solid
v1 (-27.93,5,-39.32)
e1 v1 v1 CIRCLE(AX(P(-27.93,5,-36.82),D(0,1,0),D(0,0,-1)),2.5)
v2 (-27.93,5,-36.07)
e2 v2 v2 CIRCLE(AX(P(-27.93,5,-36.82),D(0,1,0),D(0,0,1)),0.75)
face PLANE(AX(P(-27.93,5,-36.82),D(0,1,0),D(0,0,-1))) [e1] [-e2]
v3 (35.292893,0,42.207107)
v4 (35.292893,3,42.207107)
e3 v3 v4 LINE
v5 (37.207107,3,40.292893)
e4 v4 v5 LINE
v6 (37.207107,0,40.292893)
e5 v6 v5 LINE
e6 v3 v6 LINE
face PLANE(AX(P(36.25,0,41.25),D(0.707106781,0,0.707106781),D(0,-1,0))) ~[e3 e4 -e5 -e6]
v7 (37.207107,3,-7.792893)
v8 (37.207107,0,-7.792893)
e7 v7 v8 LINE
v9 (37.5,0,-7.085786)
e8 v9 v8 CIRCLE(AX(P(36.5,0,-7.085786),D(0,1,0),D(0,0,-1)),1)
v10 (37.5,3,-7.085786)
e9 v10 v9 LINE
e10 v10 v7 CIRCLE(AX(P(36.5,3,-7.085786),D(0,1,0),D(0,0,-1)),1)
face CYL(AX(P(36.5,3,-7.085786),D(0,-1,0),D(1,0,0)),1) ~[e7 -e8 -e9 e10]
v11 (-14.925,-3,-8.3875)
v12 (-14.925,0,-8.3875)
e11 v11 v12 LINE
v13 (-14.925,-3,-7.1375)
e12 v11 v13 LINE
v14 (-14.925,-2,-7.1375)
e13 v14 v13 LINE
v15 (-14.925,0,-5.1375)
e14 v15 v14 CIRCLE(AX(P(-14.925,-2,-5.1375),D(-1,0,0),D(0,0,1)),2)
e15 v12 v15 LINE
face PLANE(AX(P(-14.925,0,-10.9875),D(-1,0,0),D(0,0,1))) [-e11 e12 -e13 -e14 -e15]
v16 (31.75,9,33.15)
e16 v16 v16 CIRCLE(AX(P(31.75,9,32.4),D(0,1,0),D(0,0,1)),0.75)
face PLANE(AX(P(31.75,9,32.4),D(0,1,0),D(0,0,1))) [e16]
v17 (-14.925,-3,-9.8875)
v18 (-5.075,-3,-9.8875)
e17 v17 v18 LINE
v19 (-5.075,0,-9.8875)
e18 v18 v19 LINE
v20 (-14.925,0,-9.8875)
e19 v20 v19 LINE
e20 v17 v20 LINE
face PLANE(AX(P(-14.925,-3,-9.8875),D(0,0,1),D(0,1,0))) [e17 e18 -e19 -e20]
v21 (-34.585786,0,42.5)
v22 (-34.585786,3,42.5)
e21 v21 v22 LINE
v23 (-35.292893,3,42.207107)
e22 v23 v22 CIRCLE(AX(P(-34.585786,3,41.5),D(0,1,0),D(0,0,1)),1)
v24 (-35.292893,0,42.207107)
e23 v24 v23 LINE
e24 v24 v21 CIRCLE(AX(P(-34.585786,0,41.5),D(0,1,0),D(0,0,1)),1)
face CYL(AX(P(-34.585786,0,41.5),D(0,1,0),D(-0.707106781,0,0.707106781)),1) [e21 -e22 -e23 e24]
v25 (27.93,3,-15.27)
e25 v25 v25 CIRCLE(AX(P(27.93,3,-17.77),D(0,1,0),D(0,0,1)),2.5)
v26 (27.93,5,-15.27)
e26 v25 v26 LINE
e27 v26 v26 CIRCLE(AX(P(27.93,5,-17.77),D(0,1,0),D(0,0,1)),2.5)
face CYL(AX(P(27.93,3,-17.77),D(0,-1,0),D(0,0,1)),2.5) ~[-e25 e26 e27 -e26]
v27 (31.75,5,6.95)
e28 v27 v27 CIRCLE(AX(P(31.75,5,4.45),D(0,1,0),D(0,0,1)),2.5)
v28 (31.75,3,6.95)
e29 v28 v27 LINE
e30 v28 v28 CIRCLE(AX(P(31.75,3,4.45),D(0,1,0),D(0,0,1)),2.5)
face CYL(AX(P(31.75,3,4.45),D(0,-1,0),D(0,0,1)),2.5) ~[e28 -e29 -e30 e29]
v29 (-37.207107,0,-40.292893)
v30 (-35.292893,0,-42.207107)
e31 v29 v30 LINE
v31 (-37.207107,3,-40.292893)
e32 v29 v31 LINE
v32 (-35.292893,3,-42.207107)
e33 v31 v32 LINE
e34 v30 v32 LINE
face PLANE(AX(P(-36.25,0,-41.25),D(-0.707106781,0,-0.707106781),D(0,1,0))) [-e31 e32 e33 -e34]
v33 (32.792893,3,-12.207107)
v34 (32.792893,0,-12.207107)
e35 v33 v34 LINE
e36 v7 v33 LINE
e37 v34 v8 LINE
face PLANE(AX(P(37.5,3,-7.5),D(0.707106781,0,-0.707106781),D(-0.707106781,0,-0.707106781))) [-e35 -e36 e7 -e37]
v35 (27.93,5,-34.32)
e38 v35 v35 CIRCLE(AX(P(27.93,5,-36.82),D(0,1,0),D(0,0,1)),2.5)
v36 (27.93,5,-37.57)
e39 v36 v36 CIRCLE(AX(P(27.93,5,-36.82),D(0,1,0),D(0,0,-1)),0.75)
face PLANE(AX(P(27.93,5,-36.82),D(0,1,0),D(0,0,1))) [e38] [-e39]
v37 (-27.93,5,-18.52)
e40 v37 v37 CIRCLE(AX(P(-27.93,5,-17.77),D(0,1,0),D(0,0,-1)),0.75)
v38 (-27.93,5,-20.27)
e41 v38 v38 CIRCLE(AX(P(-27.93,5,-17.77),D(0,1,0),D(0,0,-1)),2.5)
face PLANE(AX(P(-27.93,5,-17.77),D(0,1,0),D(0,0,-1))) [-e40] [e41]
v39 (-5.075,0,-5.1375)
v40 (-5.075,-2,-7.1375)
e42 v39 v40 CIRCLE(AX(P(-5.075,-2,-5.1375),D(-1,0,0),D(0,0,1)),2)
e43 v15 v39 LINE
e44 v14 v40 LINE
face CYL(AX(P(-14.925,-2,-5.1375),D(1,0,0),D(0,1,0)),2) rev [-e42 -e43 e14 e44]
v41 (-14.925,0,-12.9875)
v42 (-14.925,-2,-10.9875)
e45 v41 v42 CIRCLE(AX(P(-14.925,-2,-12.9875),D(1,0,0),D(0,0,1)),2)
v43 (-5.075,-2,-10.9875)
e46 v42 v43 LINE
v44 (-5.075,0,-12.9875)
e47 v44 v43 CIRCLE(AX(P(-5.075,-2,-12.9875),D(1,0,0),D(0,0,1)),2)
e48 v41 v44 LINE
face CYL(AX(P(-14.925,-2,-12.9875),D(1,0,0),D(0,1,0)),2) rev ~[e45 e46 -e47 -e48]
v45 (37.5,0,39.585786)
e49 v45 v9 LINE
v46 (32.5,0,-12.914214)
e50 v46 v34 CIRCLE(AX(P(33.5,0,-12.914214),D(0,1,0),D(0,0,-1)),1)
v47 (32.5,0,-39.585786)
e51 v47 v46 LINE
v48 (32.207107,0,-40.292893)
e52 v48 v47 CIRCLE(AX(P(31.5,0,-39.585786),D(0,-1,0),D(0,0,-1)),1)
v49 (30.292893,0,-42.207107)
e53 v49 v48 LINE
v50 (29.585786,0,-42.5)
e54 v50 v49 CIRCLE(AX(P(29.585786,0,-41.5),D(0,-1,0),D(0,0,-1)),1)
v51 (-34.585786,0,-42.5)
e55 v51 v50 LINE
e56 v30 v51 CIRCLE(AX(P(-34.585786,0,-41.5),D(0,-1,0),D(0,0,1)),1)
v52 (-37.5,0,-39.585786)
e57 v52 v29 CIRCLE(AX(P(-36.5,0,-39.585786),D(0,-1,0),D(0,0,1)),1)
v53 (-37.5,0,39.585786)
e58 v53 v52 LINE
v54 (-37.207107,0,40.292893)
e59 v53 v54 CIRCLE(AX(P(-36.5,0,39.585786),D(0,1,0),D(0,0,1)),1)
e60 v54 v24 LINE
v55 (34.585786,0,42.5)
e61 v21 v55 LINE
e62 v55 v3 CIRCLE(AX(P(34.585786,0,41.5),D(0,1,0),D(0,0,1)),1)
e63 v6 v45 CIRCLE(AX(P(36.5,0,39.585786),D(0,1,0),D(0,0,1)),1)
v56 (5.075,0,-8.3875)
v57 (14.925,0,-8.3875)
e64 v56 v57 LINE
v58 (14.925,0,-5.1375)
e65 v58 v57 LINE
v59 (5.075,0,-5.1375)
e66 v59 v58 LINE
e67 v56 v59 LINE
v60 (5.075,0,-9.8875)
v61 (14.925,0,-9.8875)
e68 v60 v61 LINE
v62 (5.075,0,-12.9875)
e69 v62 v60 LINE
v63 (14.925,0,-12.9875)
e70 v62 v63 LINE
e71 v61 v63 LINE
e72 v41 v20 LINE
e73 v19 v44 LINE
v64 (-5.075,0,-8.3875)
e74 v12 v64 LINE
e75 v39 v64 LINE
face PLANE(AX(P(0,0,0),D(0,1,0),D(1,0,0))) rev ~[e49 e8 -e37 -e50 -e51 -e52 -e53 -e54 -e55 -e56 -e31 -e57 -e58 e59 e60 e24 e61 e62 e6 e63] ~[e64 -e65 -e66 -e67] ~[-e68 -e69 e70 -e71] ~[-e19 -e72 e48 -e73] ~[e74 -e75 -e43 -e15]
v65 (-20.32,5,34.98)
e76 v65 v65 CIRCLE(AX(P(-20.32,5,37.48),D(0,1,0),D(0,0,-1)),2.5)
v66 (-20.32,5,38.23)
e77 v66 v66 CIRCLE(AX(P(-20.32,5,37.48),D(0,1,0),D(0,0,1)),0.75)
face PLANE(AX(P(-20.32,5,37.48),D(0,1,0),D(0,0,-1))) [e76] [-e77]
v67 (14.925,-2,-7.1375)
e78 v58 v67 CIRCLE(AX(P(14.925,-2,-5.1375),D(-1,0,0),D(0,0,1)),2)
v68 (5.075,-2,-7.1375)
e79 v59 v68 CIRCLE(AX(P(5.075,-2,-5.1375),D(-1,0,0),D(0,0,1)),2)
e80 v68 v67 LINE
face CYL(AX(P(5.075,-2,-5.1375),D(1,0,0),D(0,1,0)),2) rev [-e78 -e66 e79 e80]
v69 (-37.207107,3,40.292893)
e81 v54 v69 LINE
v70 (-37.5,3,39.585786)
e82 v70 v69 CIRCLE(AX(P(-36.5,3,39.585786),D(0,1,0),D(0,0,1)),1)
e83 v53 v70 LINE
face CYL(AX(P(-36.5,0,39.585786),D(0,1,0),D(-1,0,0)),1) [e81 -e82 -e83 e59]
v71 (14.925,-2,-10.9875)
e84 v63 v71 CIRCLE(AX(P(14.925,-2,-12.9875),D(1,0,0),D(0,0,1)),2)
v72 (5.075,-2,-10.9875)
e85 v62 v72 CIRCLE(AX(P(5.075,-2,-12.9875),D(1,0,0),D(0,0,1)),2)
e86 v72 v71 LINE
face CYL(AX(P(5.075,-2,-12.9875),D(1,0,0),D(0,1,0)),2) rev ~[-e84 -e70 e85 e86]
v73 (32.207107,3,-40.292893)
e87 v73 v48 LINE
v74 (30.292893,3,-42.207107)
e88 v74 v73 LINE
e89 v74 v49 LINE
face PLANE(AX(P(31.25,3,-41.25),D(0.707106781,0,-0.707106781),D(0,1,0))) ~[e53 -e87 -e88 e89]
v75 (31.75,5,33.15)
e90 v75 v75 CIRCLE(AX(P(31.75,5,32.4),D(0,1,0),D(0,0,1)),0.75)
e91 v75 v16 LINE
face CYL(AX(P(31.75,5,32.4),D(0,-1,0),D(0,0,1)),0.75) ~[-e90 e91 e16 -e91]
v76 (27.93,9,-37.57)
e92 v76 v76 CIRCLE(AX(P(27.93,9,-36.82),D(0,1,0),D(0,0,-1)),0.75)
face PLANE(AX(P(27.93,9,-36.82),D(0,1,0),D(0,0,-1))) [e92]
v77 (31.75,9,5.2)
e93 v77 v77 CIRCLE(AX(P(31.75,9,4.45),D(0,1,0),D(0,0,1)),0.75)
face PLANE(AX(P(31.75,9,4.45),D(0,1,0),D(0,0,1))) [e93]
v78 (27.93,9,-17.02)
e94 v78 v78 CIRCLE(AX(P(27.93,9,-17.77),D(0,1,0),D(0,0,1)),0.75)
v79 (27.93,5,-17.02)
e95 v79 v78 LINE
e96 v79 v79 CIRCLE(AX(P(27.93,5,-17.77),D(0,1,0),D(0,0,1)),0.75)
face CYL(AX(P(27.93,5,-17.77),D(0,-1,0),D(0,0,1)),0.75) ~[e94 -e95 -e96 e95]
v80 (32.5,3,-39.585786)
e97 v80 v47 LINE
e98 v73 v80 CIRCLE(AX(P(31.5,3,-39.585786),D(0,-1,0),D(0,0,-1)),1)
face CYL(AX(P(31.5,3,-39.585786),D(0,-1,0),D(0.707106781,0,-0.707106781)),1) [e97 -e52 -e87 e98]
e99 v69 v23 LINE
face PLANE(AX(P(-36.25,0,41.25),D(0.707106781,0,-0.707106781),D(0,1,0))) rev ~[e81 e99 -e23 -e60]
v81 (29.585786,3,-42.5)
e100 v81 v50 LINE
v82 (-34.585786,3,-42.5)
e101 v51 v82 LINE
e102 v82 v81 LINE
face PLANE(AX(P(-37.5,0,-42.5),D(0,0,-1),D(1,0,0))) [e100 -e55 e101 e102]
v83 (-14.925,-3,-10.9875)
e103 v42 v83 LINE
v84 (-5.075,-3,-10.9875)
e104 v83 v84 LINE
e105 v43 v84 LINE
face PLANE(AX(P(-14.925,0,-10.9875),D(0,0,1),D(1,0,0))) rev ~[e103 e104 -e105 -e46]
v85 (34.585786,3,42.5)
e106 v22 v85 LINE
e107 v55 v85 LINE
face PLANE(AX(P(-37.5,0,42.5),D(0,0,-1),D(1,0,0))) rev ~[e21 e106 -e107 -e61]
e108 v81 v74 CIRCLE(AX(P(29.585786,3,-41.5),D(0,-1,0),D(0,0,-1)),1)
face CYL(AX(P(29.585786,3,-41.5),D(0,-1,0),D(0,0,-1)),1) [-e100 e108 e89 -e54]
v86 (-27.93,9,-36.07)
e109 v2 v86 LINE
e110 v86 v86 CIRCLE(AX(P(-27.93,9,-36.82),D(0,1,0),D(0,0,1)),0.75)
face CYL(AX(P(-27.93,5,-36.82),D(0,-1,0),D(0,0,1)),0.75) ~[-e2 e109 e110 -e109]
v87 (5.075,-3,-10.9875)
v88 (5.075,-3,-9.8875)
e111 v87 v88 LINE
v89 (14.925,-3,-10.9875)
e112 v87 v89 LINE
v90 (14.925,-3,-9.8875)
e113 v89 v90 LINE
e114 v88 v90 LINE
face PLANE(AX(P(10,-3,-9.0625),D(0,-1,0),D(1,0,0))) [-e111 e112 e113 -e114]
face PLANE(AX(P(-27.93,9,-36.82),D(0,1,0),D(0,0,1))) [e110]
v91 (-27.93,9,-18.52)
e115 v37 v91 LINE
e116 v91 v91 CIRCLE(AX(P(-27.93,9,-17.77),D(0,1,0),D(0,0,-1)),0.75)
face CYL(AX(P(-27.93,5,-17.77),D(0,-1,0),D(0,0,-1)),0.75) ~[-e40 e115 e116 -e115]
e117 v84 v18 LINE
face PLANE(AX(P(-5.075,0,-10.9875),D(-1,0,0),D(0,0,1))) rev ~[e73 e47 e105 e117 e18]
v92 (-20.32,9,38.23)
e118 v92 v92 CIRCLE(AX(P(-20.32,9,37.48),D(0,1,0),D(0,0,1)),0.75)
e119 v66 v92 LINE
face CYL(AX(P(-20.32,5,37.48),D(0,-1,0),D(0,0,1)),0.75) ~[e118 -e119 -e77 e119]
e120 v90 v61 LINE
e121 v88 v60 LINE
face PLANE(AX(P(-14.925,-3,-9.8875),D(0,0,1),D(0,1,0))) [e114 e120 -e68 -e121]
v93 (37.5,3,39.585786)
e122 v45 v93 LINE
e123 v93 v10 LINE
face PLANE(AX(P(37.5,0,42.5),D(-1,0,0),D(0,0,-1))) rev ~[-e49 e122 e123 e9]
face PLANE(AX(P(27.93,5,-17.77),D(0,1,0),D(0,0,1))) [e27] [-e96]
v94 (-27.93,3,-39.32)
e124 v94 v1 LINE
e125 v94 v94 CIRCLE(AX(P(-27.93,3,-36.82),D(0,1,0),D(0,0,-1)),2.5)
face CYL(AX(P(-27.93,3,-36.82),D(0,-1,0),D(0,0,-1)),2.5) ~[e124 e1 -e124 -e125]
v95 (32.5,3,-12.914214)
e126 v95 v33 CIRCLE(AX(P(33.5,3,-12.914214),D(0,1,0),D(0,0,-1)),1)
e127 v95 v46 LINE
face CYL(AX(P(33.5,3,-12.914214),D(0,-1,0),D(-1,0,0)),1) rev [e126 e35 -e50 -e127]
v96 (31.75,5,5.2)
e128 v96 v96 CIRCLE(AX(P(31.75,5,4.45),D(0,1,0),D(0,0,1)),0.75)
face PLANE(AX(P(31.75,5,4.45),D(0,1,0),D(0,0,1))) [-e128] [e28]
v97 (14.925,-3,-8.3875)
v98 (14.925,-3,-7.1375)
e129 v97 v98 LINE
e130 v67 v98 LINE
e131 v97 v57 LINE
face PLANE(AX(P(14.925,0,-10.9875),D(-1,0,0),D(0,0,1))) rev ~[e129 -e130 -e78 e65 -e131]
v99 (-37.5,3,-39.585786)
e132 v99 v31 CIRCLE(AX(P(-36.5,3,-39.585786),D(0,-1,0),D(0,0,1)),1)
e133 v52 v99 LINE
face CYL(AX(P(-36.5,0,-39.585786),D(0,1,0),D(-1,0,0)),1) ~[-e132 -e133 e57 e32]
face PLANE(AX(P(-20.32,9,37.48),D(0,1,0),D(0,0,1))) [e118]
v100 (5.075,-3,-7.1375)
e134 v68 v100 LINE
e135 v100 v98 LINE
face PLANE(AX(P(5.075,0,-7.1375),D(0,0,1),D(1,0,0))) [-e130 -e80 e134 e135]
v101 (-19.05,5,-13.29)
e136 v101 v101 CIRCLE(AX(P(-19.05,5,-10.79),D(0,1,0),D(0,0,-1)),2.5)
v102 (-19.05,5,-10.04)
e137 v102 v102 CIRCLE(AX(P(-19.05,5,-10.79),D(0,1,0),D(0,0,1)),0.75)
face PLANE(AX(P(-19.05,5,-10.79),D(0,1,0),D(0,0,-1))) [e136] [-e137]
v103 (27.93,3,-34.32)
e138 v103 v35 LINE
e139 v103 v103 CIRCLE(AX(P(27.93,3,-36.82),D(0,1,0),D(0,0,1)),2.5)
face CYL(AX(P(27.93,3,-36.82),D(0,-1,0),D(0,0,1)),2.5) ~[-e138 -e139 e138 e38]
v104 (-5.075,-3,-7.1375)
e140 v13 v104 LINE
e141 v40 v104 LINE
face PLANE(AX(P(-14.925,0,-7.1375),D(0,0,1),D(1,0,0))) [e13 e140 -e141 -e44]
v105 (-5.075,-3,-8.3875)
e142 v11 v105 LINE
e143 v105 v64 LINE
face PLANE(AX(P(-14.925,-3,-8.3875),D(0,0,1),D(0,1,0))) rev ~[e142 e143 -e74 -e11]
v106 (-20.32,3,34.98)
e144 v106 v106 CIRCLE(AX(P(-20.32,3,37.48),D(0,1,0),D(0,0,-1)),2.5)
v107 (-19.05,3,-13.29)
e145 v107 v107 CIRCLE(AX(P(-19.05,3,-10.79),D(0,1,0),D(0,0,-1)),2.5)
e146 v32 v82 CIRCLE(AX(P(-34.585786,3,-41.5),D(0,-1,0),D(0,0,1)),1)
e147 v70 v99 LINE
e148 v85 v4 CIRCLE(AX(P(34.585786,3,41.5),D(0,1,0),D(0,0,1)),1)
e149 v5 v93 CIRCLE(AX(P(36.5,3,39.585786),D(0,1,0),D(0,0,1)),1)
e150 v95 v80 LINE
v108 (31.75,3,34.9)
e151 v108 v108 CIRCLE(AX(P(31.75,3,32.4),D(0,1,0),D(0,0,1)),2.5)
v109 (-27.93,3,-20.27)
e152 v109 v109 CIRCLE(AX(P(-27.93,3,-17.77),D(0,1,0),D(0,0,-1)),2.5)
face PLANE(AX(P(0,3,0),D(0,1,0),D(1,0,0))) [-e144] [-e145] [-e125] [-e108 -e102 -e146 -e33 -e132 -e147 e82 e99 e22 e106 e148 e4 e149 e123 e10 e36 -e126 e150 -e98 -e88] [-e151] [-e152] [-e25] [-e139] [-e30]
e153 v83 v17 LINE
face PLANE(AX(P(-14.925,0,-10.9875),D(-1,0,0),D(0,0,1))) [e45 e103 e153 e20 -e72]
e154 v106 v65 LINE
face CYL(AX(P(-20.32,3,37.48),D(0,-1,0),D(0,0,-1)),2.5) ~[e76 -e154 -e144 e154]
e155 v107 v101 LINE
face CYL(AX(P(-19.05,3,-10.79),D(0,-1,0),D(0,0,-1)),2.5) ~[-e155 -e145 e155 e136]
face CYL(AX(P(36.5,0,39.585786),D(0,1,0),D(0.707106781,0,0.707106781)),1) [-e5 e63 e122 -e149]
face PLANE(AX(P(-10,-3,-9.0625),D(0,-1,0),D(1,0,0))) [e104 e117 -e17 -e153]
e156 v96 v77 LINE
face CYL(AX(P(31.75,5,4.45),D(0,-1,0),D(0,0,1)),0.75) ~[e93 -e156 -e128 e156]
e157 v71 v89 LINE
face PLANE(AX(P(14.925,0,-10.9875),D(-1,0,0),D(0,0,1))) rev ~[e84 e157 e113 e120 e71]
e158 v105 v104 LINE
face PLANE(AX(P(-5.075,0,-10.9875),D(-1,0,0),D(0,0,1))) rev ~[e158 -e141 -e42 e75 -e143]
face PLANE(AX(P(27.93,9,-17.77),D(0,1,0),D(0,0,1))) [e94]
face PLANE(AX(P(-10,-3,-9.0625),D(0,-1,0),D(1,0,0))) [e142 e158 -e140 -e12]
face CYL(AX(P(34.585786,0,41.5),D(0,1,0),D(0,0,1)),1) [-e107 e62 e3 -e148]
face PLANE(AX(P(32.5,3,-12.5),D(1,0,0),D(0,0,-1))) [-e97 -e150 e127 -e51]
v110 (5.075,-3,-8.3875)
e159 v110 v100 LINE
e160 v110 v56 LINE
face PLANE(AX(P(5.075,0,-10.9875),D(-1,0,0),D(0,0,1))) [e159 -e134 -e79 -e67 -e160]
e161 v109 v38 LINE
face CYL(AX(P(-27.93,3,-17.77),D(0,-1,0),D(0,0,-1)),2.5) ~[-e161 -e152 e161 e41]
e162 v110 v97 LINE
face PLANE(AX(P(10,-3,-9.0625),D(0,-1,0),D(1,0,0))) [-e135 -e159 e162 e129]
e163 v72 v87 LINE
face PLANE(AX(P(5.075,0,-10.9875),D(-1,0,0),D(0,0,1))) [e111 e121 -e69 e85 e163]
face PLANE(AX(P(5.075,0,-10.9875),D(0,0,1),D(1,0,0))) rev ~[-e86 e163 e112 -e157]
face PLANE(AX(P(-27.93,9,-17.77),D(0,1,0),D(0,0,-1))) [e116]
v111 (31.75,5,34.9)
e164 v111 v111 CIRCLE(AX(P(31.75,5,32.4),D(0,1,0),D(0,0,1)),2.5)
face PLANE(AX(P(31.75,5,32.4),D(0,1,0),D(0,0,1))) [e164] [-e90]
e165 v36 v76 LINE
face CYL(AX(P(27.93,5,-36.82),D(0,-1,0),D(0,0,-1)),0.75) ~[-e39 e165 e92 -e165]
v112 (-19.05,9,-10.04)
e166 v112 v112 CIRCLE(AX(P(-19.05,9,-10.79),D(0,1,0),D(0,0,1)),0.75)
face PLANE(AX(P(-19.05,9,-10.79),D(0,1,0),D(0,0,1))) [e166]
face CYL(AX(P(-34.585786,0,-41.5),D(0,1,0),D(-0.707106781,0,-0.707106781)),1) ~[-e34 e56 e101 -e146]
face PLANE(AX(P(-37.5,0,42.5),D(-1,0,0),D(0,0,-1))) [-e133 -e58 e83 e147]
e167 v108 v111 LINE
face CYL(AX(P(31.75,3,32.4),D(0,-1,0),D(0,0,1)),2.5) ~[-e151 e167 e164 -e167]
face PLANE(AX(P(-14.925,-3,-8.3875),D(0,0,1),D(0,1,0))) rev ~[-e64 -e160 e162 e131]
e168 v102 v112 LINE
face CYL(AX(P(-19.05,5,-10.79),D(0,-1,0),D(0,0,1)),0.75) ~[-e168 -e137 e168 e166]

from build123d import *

# Parameters (mm, degrees)
SKETCH1_W           = 75
SKETCH1_H           = 85
BOSS_EXTRUDE1_DEPTH = 3
SKETCH2_R           = 2.5
BOSS_EXTRUDE2_DEPTH = 2
SKETCH3_R           = 0.75
BOSS_EXTRUDE3_DEPTH = 4
CUT_EXTRUDE1_REACH  = 58.996
CHAMFER3_SIZE       = 2.5
FILLET2_R           = 1
SKETCH5_W           = 9.85
SKETCH5_H           = 3.85
BOSS_EXTRUDE4_DEPTH = 3
FILLET3_R           = 2
SKETCH6_W           = 1.5
SKETCH6_H           = 3
CUT_EXTRUDE2_DEPTH  = 69.085465593


with BuildPart() as part:
    # Sketch1 → Boss-Extrude1 (new body)
    with BuildSketch(Plane(origin=(0, 0, 0), x_dir=(1, 0, 0), z_dir=(0, 1, 0))):
        Rectangle(SKETCH1_W, SKETCH1_H)
    extrude(amount=BOSS_EXTRUDE1_DEPTH)

    # Sketch2 → Boss-Extrude2 (add)
    with BuildSketch(Plane(origin=(0, 3, 0), x_dir=(1, 0, 0), z_dir=(0, 1, 0))):
        with Locations(Location((27.93, 36.82, 0), (0, 0, 270))):
            Circle(SKETCH2_R)
        with Locations(Location((27.93, 17.77, 0), (0, 0, 270))):
            Circle(SKETCH2_R)
        with Locations(Location((-27.93, 17.77, 0), (0, 0, 90))):
            Circle(SKETCH2_R)
        with Locations(Location((-27.93, 36.82, 0), (0, 0, 90))):
            Circle(SKETCH2_R)
        with Locations(Location((-19.05, 10.79, 0), (0, 0, 90))):
            Circle(SKETCH2_R)
        with Locations(Location((-20.32, -37.48, 0), (0, 0, 90))):
            Circle(SKETCH2_R)
        with Locations(Location((31.75, -4.45, 0), (0, 0, 270))):
            Circle(SKETCH2_R)
        with Locations(Location((31.75, -32.4, 0), (0, 0, 270))):
            Circle(SKETCH2_R)
    extrude(amount=BOSS_EXTRUDE2_DEPTH)

    # Sketch3 → Boss-Extrude3 (add)
    with BuildSketch(Plane(origin=(0, 5, 0), x_dir=(1, 0, 0), z_dir=(0, 1, 0))):
        with Locations(Location((-27.93, 36.82, 0), (0, 0, 270))):
            Circle(SKETCH3_R)
        with Locations(Location((27.93, 36.82, 0), (0, 0, 90))):
            Circle(SKETCH3_R)
        with Locations(Location((27.93, 17.77, 0), (0, 0, 270))):
            Circle(SKETCH3_R)
        with Locations(Location((-27.93, 17.77, 0), (0, 0, 90))):
            Circle(SKETCH3_R)
        with Locations(Location((-19.05, 10.79, 0), (0, 0, 270))):
            Circle(SKETCH3_R)
        with Locations(Location((31.75, -4.45, 0), (0, 0, 270))):
            Circle(SKETCH3_R)
        with Locations(Location((-20.32, -37.48, 0), (0, 0, 270))):
            Circle(SKETCH3_R)
        with Locations(Location((31.75, -32.4, 0), (0, 0, 270))):
            Circle(SKETCH3_R)
    extrude(amount=BOSS_EXTRUDE3_DEPTH)

    # Sketch4 → Cut-Extrude1 (cut, up to next)
    with BuildSketch(Plane(origin=(0, 3, 0), x_dir=(1, 0, 0), z_dir=(0, 1, 0)), mode=Mode.PRIVATE) as cut_extrude1_sk1:
        Polygon((37.5, 7.5), (32.5, 12.5), (32.5, 42.5), (37.5, 42.5), align=None)
    cut_extrude1_tool1 = extrude(cut_extrude1_sk1.sketch, amount=-CUT_EXTRUDE1_REACH, mode=Mode.PRIVATE) & part.part
    add(cut_extrude1_tool1.solids().sort_by_distance((35.064103, 3, -26.217949))[0], mode=Mode.SUBTRACT)

    # Chamfer3
    chamfer3_edges = [part.edges().sort_by_distance(p)[0] for p in [
        (37.5, 1.5, 42.5),
        (-37.5, 1.5, 42.5),
        (-37.5, 1.5, -42.5),
        (32.5, 1.5, -42.5),
    ]]
    chamfer(chamfer3_edges, length=CHAMFER3_SIZE)

    # Fillet2
    fillet2_edges = [part.edges().sort_by_distance(p)[0] for p in [
        (-37.5, 1.5, -40),
        (-37.5, 1.5, 40),
        (37.5, 1.5, 40),
        (32.5, 1.5, -40),
        (-35, 1.5, -42.5),
        (30, 1.5, -42.5),
        (37.5, 1.5, -7.5),
        (32.5, 1.5, -12.5),
        (35, 1.5, 42.5),
        (-35, 1.5, 42.5),
    ]]
    fillet(fillet2_edges, radius=FILLET2_R)

    # Sketch5 → Boss-Extrude4 (add)
    with BuildSketch(Plane.XZ):
        with Locations((10, -9.0625)):
            Rectangle(SKETCH5_W, SKETCH5_H)
        with Locations((-10, -9.0625)):
            Rectangle(SKETCH5_W, SKETCH5_H)
    extrude(amount=BOSS_EXTRUDE4_DEPTH)

    # Fillet3
    fillet3_edges = [part.edges().sort_by_distance(p)[0] for p in [
        (10, 0, -7.1375),
        (10, 0, -10.9875),
        (-10, 0, -10.9875),
        (-10, 0, -7.1375),
    ]]
    fillet(fillet3_edges, radius=FILLET3_R)

    # Sketch6 → Cut-Extrude2 (cut, through all)
    with BuildSketch(Plane.ZY.offset(14.925)):
        with Locations((-9.1375, -1.5)):
            Rectangle(SKETCH6_W, SKETCH6_H)
    extrude(amount=-CUT_EXTRUDE2_DEPTH, mode=Mode.SUBTRACT)


solid = part.part
